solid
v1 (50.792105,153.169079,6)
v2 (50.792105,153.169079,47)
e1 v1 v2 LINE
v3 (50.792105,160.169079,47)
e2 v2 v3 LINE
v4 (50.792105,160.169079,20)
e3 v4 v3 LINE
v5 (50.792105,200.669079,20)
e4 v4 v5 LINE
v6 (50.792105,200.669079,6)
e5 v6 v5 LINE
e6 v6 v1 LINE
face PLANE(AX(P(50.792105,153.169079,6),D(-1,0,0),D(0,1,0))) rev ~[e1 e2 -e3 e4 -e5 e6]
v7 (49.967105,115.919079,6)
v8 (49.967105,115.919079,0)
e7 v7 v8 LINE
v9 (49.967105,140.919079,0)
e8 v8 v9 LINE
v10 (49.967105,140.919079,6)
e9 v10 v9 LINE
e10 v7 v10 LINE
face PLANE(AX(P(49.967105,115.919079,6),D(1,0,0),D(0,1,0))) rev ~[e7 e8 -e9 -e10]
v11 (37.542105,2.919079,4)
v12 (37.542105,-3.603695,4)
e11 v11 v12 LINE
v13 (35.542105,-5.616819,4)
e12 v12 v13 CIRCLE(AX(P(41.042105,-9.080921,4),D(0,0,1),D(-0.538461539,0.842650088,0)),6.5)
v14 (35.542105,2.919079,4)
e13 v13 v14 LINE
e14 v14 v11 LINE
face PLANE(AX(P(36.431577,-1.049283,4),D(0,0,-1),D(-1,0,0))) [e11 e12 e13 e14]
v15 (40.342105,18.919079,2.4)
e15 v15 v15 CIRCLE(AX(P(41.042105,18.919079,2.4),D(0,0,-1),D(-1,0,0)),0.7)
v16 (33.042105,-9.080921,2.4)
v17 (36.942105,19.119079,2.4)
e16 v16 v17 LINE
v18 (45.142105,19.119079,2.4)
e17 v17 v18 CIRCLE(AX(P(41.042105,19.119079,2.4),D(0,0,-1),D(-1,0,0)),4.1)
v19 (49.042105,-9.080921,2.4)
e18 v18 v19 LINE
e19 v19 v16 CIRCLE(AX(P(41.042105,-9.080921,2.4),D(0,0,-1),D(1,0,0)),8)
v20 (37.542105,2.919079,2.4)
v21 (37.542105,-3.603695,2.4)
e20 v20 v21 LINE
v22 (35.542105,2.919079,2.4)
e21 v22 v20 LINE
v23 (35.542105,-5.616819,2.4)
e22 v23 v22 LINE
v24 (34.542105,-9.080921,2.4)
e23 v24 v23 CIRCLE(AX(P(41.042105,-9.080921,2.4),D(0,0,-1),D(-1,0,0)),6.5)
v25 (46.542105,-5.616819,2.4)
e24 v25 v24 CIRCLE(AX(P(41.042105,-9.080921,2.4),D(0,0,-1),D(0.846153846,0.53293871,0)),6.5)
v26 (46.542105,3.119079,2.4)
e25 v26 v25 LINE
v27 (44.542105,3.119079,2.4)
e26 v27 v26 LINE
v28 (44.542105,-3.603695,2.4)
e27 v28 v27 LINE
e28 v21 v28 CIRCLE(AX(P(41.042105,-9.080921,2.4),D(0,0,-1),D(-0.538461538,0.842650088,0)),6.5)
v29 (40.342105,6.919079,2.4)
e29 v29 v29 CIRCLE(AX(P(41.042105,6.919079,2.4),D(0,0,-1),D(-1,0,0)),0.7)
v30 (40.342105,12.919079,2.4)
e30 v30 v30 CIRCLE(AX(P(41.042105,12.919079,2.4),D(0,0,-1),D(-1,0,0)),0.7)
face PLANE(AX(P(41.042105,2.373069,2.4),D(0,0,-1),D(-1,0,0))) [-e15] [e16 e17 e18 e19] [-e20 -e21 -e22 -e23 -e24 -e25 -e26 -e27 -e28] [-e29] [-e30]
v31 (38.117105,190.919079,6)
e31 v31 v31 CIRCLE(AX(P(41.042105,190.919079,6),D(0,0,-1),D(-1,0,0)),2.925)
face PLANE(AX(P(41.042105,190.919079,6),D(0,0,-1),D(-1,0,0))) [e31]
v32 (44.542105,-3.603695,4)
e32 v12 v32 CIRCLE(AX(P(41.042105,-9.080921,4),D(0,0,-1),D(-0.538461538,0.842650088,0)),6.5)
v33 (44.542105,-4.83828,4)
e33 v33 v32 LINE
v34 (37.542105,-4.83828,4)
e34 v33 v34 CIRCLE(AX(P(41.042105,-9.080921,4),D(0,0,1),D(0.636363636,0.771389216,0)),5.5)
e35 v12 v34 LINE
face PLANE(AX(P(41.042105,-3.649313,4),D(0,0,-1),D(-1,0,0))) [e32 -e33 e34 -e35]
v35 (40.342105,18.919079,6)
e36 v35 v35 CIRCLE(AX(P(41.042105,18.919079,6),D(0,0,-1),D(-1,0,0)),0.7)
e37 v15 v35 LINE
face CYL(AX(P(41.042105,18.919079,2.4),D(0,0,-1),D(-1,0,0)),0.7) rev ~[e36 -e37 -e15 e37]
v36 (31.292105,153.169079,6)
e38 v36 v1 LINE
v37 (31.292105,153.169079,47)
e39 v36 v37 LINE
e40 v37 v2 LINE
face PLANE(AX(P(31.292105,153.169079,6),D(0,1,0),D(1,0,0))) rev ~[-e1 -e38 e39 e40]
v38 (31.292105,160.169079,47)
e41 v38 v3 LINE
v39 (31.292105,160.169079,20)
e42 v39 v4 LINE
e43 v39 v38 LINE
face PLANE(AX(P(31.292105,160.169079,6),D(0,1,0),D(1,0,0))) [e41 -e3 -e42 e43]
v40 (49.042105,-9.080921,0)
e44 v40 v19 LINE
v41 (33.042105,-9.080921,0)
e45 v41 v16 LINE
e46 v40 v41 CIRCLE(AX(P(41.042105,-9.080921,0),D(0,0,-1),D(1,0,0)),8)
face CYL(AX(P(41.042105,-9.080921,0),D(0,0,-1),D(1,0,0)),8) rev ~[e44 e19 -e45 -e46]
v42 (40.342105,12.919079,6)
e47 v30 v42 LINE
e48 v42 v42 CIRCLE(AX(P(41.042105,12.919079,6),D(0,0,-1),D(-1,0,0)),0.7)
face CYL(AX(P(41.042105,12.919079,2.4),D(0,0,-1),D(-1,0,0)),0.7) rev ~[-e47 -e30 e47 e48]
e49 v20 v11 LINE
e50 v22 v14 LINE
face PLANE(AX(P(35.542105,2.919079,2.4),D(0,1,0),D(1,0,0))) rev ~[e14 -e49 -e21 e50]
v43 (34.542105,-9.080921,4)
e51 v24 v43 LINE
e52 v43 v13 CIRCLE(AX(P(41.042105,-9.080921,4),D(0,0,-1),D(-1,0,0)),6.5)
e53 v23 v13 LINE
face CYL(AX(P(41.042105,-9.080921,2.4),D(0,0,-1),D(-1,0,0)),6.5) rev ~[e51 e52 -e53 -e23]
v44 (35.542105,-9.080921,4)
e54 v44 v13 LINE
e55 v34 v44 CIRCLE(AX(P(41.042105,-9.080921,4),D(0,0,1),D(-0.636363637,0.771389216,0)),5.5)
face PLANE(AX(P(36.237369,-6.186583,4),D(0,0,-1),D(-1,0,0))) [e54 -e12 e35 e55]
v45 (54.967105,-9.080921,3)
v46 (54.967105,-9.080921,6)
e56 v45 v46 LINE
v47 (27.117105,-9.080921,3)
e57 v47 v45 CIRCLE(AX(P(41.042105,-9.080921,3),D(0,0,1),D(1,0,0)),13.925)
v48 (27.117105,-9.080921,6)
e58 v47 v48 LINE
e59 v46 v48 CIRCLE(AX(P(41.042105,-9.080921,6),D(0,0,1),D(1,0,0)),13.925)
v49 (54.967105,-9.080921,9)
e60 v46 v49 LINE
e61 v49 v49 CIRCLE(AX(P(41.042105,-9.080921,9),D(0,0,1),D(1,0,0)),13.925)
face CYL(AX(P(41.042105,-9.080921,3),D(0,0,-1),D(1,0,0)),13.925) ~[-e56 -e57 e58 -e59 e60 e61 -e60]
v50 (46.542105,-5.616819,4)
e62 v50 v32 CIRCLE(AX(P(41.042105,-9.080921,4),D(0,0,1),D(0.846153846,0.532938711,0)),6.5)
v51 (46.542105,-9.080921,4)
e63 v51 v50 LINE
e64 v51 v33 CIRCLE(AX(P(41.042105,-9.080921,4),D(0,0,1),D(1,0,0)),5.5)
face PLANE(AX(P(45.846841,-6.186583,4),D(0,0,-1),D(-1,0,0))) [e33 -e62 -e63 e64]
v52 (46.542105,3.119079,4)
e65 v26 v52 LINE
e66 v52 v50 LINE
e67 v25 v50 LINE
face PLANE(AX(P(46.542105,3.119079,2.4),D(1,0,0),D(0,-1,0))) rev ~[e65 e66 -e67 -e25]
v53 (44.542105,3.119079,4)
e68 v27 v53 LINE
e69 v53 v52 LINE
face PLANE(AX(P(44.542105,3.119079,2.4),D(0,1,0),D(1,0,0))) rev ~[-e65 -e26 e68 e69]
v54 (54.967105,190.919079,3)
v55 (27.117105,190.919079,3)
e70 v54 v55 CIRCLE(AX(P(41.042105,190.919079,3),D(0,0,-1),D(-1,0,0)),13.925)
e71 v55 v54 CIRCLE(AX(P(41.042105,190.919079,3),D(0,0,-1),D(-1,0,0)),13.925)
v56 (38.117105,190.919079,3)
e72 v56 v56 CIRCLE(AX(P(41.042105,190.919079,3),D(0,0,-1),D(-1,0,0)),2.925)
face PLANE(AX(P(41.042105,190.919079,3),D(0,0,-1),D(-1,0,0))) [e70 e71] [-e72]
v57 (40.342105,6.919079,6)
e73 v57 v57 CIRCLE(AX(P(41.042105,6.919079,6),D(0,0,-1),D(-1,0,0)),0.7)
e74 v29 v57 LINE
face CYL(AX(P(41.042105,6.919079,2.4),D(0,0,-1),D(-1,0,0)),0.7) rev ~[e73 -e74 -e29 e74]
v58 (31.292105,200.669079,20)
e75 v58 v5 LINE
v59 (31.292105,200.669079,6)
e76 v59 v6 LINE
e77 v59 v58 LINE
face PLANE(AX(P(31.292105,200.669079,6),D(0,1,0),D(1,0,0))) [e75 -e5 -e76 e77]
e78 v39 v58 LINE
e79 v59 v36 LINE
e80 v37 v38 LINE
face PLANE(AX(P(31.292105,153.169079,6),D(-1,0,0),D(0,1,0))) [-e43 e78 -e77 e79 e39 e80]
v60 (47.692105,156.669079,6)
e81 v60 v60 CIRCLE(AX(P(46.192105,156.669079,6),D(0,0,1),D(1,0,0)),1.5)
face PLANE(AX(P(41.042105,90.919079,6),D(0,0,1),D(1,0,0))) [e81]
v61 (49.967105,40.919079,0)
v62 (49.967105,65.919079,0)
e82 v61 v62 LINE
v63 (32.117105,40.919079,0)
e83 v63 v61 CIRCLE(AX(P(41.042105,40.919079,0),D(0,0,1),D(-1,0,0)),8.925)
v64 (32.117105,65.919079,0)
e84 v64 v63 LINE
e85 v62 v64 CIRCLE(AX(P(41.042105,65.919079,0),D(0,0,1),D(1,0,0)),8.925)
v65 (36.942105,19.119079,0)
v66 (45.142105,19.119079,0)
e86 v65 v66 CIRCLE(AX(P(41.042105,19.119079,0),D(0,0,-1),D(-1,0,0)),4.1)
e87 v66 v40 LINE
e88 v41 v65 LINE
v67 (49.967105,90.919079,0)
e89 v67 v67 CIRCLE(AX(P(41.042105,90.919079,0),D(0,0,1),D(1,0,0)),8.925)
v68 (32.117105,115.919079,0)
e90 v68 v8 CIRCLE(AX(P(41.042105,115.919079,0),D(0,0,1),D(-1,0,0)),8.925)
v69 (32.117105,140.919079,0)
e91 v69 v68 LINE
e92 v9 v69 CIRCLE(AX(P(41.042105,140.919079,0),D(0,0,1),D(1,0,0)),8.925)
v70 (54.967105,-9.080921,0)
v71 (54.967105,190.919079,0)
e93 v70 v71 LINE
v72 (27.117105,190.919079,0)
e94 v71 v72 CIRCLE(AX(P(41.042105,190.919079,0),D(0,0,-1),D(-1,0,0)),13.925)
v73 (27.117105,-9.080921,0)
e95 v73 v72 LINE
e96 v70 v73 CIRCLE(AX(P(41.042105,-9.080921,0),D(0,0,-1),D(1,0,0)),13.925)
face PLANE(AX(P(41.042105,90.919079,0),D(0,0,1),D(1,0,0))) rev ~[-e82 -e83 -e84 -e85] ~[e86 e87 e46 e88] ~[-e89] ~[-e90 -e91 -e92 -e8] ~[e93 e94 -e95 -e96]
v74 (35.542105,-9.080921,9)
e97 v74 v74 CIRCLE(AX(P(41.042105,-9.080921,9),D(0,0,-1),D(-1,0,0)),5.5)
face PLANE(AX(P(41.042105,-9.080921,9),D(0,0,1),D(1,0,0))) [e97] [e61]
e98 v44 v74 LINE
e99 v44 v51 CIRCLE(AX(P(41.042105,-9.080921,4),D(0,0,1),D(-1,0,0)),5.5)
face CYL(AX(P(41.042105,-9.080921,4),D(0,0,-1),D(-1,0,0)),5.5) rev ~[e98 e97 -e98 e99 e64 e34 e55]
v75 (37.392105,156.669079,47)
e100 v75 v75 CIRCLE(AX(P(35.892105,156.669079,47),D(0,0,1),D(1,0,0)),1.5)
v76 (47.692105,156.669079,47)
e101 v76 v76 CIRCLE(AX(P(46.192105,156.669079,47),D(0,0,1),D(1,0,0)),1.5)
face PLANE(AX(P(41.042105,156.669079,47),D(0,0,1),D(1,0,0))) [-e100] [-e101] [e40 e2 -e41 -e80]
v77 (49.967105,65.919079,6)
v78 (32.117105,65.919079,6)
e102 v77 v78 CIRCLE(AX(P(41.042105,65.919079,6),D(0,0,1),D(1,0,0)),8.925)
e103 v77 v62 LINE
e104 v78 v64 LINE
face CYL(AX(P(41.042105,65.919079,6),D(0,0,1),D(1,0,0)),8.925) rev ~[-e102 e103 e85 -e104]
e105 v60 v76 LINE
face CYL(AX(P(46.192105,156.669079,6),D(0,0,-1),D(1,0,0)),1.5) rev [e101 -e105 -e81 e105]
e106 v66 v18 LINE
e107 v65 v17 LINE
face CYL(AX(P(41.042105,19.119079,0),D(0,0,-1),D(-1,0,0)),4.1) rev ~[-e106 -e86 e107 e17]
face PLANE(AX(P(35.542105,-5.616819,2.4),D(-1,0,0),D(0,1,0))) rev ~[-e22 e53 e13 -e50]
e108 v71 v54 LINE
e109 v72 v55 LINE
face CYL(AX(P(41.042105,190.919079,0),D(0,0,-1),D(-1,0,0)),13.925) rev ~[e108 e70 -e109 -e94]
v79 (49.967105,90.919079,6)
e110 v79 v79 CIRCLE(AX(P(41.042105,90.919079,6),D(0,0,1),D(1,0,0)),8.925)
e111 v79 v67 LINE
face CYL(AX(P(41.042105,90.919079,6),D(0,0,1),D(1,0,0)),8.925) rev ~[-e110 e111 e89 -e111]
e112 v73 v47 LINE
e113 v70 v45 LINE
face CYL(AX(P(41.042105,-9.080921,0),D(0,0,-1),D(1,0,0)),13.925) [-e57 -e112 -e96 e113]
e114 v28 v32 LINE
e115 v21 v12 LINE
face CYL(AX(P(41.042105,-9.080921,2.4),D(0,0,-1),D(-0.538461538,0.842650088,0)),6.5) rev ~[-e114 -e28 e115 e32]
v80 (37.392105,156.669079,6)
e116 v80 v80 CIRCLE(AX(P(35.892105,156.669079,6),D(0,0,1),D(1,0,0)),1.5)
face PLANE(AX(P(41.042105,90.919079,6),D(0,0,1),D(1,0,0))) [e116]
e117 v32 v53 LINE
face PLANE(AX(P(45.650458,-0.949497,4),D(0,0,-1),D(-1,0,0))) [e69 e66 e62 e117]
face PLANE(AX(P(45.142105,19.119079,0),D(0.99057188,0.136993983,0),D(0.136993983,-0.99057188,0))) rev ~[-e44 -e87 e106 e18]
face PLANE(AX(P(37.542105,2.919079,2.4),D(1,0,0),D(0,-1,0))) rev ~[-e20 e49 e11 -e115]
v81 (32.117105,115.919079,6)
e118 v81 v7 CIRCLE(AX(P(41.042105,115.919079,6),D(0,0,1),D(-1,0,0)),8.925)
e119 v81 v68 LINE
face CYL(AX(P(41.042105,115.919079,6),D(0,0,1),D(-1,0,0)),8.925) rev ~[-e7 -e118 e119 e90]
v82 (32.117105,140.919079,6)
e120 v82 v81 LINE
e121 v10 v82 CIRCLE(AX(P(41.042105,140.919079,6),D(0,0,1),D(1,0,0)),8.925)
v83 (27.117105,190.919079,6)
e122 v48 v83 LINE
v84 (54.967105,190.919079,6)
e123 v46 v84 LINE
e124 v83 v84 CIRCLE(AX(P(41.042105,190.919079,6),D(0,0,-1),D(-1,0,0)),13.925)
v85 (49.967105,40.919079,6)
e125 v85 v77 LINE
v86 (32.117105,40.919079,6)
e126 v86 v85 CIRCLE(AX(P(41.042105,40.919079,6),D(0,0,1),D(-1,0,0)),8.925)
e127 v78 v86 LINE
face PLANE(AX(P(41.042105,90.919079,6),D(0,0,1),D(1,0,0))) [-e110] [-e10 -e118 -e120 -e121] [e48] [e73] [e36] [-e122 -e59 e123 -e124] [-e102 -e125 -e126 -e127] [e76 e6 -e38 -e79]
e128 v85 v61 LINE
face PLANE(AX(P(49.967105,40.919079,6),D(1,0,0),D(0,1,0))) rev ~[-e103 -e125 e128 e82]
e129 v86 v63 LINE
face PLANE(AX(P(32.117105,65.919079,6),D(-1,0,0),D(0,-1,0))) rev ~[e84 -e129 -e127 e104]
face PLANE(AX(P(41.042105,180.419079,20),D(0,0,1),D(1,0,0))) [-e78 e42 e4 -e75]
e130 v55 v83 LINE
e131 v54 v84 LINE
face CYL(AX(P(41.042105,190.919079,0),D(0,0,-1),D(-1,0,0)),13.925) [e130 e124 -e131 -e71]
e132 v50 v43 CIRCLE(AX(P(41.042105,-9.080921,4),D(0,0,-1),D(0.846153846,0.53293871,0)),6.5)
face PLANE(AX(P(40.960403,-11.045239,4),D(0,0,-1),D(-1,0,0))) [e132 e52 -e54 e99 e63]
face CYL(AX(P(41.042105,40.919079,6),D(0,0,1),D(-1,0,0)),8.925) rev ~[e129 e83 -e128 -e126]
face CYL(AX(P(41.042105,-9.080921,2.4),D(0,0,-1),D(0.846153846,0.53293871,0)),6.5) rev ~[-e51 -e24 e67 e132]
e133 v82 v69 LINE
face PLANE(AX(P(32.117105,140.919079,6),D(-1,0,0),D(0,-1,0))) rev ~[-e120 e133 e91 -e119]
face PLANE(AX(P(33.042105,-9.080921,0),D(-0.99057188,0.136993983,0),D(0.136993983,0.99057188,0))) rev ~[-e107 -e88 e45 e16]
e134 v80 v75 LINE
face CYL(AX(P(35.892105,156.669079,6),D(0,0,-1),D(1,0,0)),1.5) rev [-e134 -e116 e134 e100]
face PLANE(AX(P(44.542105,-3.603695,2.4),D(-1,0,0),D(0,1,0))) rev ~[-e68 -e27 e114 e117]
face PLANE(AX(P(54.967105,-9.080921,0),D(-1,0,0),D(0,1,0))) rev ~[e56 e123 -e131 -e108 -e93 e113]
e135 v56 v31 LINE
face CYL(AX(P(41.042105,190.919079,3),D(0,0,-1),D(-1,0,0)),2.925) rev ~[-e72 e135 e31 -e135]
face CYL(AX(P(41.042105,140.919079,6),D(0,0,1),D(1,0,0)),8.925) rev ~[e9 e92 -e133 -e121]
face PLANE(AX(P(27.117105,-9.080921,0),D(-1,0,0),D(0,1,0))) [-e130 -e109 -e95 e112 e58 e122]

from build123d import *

# Parameters (mm, degrees)
ESQUISSE1_W              = 27.85
ESQUISSE1_H              = 200
BOSS_EXTRU_1_DEPTH       = 6
ENL_V_START              = -3
ESQUISSE2_R              = 13.925
ENL_V_MAT_EXTRU_1_DEPTH  = 3
ESQUISSE3_R              = 13.925
ENL_V_MAT_EXTRU_2_DEPTH  = 3
ESQUISSE5_R              = 8.925
ENL_V_MAT_EXTRU_3_DEPTH  = 10
ESQUISSE4_W              = 19.5
ESQUISSE4_H              = 40.5
ESQUISSE4_R              = 2.5
BOSS_EXTRU_2_DEPTH       = 14
ESQUISSE6_W              = 19.5
ESQUISSE6_H              = 7
ESQUISSE6_R              = 1.5
BOSS_EXTRU_3_DEPTH       = 41
ESQUISSE7_R              = 2.925
ENL_V_MAT_EXTRU_4_DEPTH  = 10
ESQUISSE8_R              = 2.925
ENL_V_MAT_EXTRU_5_DEPTH  = 3
ESQUISSE9_R              = 13.925
BOSS_EXTRU_4_DEPTH       = 6
ENL_V_START_2            = -6
ESQUISSE10_R             = 2.925
ENL_V_MAT_EXTRU_6_DEPTH  = 6
ESQUISSE11_R             = 2.925
ENL_V_MAT_EXTRU_7_DEPTH  = 2.4
ESQUISSE12_R             = 5.5
ESQUISSE12_R_2           = 2.925
ENL_V_MAT_EXTRU_9_DEPTH  = 1.6
ESQUISSE13_R             = 5.5
ENL_V_MAT_EXTRU_10_DEPTH = 5
ESQUISSE14_R             = 0.7
ENL_V_MAT_EXTRU_11_DEPTH = 45


with BuildPart() as part:
    # Esquisse1 → Boss.-Extru.1 (new body)
    with BuildSketch(Plane.XY):
        with Locations((41.042105263, 90.919078947)):
            Rectangle(ESQUISSE1_W, ESQUISSE1_H)
        with BuildLine():
            Line((27.117105263, -9.080921053), (54.967105263, -9.080921053))
            ThreePointArc((54.967105263, -9.080921053), (41.042105263, -23.005921053), (27.117105263, -9.080921053))
        make_face()
        with BuildLine():
            ThreePointArc((27.117105263, 190.919078947), (41.042105263, 204.844078947), (54.967105263, 190.919078947))
            Line((54.967105263, 190.919078947), (27.117105263, 190.919078947))
        make_face()
    extrude(amount=BOSS_EXTRU_1_DEPTH)

    # Esquisse2 → Enlèv. mat.-Extru.1 (cut)
    with BuildSketch(Plane.XY.offset(6).offset(ENL_V_START)):
        with Locations((41.042105263, -9.080921053)):
            Circle(ESQUISSE2_R)
    extrude(amount=ENL_V_MAT_EXTRU_1_DEPTH, mode=Mode.SUBTRACT)

    # Esquisse3 → Enlèv. mat.-Extru.2 (cut)
    with BuildSketch(Plane(origin=(0, 0, 0), x_dir=(-1, 0, 0), z_dir=(0, 0, -1))):
        with Locations((-41.042105263, 190.919078947)):
            Circle(ESQUISSE3_R)
    extrude(amount=-ENL_V_MAT_EXTRU_2_DEPTH, mode=Mode.SUBTRACT)

    # Esquisse5 → Enlèv. mat.-Extru.3 (cut)
    with BuildSketch(Plane.XY.offset(6)):
        with Locations((41.042105263, 90.919078947)):
            Circle(ESQUISSE5_R)
        with BuildLine():
            Line((32.117105263, 65.919078947), (32.117105263, 40.919078947))
            ThreePointArc((32.117105263, 40.919078947), (41.042105263, 31.994078947), (49.967105263, 40.919078947))
            Line((49.967105263, 40.919078947), (49.967105263, 65.919078947))
            ThreePointArc((49.967105263, 65.919078947), (41.042105263, 74.844078947), (32.117105263, 65.919078947))
        make_face()
        with BuildLine():
            Line((32.117105263, 140.919078947), (32.117105263, 115.919078947))
            ThreePointArc((32.117105263, 115.919078947), (41.042105263, 106.994078947), (49.967105263, 115.919078947))
            Line((49.967105263, 115.919078947), (49.967105263, 140.919078947))
            ThreePointArc((49.967105263, 140.919078947), (41.042105263, 149.844078947), (32.117105263, 140.919078947))
        make_face()
    extrude(amount=-ENL_V_MAT_EXTRU_3_DEPTH, mode=Mode.SUBTRACT)

    # Esquisse4 → Boss.-Extru.2 (add)
    # profile 1 of 2: a face of its own
    with BuildSketch(Plane.XY.offset(6)):
        with Locations((41.042105263, 180.419078947)):
            Rectangle(ESQUISSE4_W, ESQUISSE4_H)
        with Locations((41.042105263, 190.919078947)):
            Circle(ESQUISSE4_R, mode=Mode.SUBTRACT)
    # profile 2 of 2: a face of its own
    with BuildSketch(Plane.XY.offset(6)):
        with Locations((41.042105263, 190.919078947)):
            Circle(ESQUISSE4_R)
    extrude(amount=BOSS_EXTRU_2_DEPTH)

    # Esquisse6 → Boss.-Extru.3 (add)
    with BuildSketch(Plane.XY.offset(6)):
        with Locations((41.042105263, 156.669078947)):
            Rectangle(ESQUISSE6_W, ESQUISSE6_H)
        with Locations((35.892105263, 156.669078947)):
            Circle(ESQUISSE6_R, mode=Mode.SUBTRACT)
        with Locations((46.192105263, 156.669078947)):
            Circle(ESQUISSE6_R, mode=Mode.SUBTRACT)
    extrude(amount=BOSS_EXTRU_3_DEPTH)

    # Esquisse7 → Enlèv. mat.-Extru.4 (cut)
    with BuildSketch(Plane(origin=(0, 0, 0), x_dir=(-1, 0, 0), z_dir=(0, 0, -1))):
        with Locations((-41.042105263, -9.080921053)):
            Circle(ESQUISSE7_R)
    extrude(amount=-ENL_V_MAT_EXTRU_4_DEPTH, mode=Mode.SUBTRACT)

    # Esquisse8 → Enlèv. mat.-Extru.5 (cut)
    with BuildSketch(Plane(origin=(0, 0, 3), x_dir=(-1, 0, 0), z_dir=(0, 0, -1))):
        with Locations((-41.042105263, 190.919078947)):
            Circle(ESQUISSE8_R)
    extrude(amount=-ENL_V_MAT_EXTRU_5_DEPTH, mode=Mode.SUBTRACT)

    # Esquisse9 → Boss.-Extru.4 (add)
    with BuildSketch(Plane.XY.offset(3)):
        with Locations((41.042105263, -9.080921053)):
            Circle(ESQUISSE9_R)
    extrude(amount=BOSS_EXTRU_4_DEPTH)

    # Esquisse10 → Enlèv. mat.-Extru.6 (cut)
    with BuildSketch(Plane.XY.offset(9).offset(ENL_V_START_2)):
        with Locations(Location((41.042105263, -9.080921053, 0), (0, 0, 180))):
            Circle(ESQUISSE10_R)
    extrude(amount=ENL_V_MAT_EXTRU_6_DEPTH, mode=Mode.SUBTRACT)

    # Esquisse11 → Enlèv. mat.-Extru.7 (cut)
    with BuildSketch(Plane(origin=(0, 0, 0), x_dir=(-1, 0, 0), z_dir=(0, 0, -1))):
        with BuildLine():
            Line((-33.042105263, -9.080921053), (-36.942105263, 19.119078947))
            ThreePointArc((-36.942105263, 19.119078947), (-41.042105263, 23.219078947), (-45.142105263, 19.119078947))
            Line((-45.142105263, 19.119078947), (-49.042105263, -9.080921053))
            ThreePointArc((-49.042105263, -9.080921053), (-41.042105263, -17.080921053), (-33.042105263, -9.080921053))
        make_face()
        with Locations((-41.042105263, -9.080921053)):
            Circle(ESQUISSE11_R, mode=Mode.SUBTRACT)
    extrude(amount=-ENL_V_MAT_EXTRU_7_DEPTH, mode=Mode.SUBTRACT)

    # Esquisse12 → Enlèv. mat.-Extru.9 (cut)
    # profile 1 of 7: a face of its own
    with BuildSketch(Plane(origin=(0, 0, 2.4), x_dir=(-1, 0, 0), z_dir=(0, 0, -1))):
        with BuildLine():
            Line((-46.542105263, 3.119078947), (-46.542105263, -5.616819437))
            ThreePointArc((-46.542105263, -5.616819437), (-45.653305434, -4.499782223), (-44.542105263, -3.603695478))
            Line((-44.542105263, -3.603695478), (-44.542105263, 3.119078947))
            Line((-44.542105263, 3.119078947), (-46.542105263, 3.119078947))
        make_face()
    # profile 2 of 7: a face of its own
    with BuildSketch(Plane(origin=(0, 0, 2.4), x_dir=(-1, 0, 0), z_dir=(0, 0, -1))):
        with BuildLine():
            ThreePointArc((-37.542105263, -3.603695478), (-36.430905092, -4.499782223), (-35.542105263, -5.616819437))
            Line((-35.542105263, -5.616819437), (-35.542105263, 2.919078947))
            Line((-35.542105263, 2.919078947), (-37.542105263, 2.919078947))
            Line((-37.542105263, 2.919078947), (-37.542105263, -3.603695478))
        make_face()
    # profile 3 of 7: a face of its own
    with BuildSketch(Plane(origin=(0, 0, 2.4), x_dir=(-1, 0, 0), z_dir=(0, 0, -1))):
        with BuildLine():
            ThreePointArc((-37.542105263, -4.838280366), (-36.067168078, -6.735713173), (-35.542105263, -9.080921053))
            Line((-35.542105263, -9.080921053), (-35.542105263, -5.616819437))
            ThreePointArc((-35.542105263, -5.616819437), (-36.430905092, -4.499782223), (-37.542105263, -3.603695478))
            Line((-37.542105263, -3.603695478), (-37.542105263, -4.838280366))
        make_face()
    # profile 4 of 7: a face of its own
    with BuildSketch(Plane(origin=(0, 0, 2.4), x_dir=(-1, 0, 0), z_dir=(0, 0, -1))):
        with BuildLine():
            ThreePointArc((-35.542105263, -9.080921053), (-41.042105263, -14.580921053), (-46.542105263, -9.080921053))
            Line((-46.542105263, -9.080921053), (-46.542105263, -5.616819437))
            ThreePointArc((-46.542105263, -5.616819437), (-42.844880901, -15.325919051), (-34.542105263, -9.080921053))
            ThreePointArc((-34.542105263, -9.080921053), (-34.797107265, -7.278145415), (-35.542105263, -5.616819437))
            Line((-35.542105263, -5.616819437), (-35.542105263, -9.080921053))
        make_face()
    # profile 5 of 7: a face of its own
    with BuildSketch(Plane(origin=(0, 0, 2.4), x_dir=(-1, 0, 0), z_dir=(0, 0, -1))):
        with BuildLine():
            Line((-46.542105263, -5.616819437), (-46.542105263, -9.080921053))
            ThreePointArc((-46.542105263, -9.080921053), (-46.017042449, -6.735713173), (-44.542105263, -4.838280366))
            Line((-44.542105263, -4.838280366), (-44.542105263, -3.603695478))
            ThreePointArc((-44.542105263, -3.603695478), (-45.653305434, -4.499782223), (-46.542105263, -5.616819437))
        make_face()
    # profile 6 of 7: a face of its own
    with BuildSketch(Plane(origin=(0, 0, 2.4), x_dir=(-1, 0, 0), z_dir=(0, 0, -1))):
        with BuildLine():
            Line((-44.542105263, -3.603695478), (-44.542105263, -4.838280366))
            ThreePointArc((-44.542105263, -4.838280366), (-41.042105263, -3.580921053), (-37.542105263, -4.838280366))
            Line((-37.542105263, -4.838280366), (-37.542105263, -3.603695478))
            ThreePointArc((-37.542105263, -3.603695478), (-41.042105263, -2.580921053), (-44.542105263, -3.603695478))
        make_face()
    # profile 7 of 7: a face of its own
    with BuildSketch(Plane(origin=(0, 0, 2.4), x_dir=(-1, 0, 0), z_dir=(0, 0, -1))):
        with Locations((-41.042105263, -9.080921053)):
            Circle(ESQUISSE12_R)
        with Locations((-41.042105263, -9.080921053)):
            Circle(ESQUISSE12_R_2, mode=Mode.SUBTRACT)
    extrude(amount=-ENL_V_MAT_EXTRU_9_DEPTH, mode=Mode.SUBTRACT)

    # Esquisse13 → Enlèv. mat.-Extru.10 (cut)
    with BuildSketch(Plane(origin=(0, 0, 4), x_dir=(-1, 0, 0), z_dir=(0, 0, -1))):
        with Locations((-41.042105263, -9.080921053)):
            Circle(ESQUISSE13_R)
    extrude(amount=-ENL_V_MAT_EXTRU_10_DEPTH, mode=Mode.SUBTRACT)

    # Esquisse14 → Enlèv. mat.-Extru.11 (cut)
    with BuildSketch(Plane(origin=(0, 0, 2.4), x_dir=(-1, 0, 0), z_dir=(0, 0, -1))):
        with Locations((-41.042105263, 6.919078947)):
            Circle(ESQUISSE14_R)
        with Locations((-41.042105263, 12.919078947)):
            Circle(ESQUISSE14_R)
        with Locations((-41.042105263, 18.919078947)):
            Circle(ESQUISSE14_R)
    extrude(amount=-ENL_V_MAT_EXTRU_11_DEPTH, mode=Mode.SUBTRACT)


solid = part.part
